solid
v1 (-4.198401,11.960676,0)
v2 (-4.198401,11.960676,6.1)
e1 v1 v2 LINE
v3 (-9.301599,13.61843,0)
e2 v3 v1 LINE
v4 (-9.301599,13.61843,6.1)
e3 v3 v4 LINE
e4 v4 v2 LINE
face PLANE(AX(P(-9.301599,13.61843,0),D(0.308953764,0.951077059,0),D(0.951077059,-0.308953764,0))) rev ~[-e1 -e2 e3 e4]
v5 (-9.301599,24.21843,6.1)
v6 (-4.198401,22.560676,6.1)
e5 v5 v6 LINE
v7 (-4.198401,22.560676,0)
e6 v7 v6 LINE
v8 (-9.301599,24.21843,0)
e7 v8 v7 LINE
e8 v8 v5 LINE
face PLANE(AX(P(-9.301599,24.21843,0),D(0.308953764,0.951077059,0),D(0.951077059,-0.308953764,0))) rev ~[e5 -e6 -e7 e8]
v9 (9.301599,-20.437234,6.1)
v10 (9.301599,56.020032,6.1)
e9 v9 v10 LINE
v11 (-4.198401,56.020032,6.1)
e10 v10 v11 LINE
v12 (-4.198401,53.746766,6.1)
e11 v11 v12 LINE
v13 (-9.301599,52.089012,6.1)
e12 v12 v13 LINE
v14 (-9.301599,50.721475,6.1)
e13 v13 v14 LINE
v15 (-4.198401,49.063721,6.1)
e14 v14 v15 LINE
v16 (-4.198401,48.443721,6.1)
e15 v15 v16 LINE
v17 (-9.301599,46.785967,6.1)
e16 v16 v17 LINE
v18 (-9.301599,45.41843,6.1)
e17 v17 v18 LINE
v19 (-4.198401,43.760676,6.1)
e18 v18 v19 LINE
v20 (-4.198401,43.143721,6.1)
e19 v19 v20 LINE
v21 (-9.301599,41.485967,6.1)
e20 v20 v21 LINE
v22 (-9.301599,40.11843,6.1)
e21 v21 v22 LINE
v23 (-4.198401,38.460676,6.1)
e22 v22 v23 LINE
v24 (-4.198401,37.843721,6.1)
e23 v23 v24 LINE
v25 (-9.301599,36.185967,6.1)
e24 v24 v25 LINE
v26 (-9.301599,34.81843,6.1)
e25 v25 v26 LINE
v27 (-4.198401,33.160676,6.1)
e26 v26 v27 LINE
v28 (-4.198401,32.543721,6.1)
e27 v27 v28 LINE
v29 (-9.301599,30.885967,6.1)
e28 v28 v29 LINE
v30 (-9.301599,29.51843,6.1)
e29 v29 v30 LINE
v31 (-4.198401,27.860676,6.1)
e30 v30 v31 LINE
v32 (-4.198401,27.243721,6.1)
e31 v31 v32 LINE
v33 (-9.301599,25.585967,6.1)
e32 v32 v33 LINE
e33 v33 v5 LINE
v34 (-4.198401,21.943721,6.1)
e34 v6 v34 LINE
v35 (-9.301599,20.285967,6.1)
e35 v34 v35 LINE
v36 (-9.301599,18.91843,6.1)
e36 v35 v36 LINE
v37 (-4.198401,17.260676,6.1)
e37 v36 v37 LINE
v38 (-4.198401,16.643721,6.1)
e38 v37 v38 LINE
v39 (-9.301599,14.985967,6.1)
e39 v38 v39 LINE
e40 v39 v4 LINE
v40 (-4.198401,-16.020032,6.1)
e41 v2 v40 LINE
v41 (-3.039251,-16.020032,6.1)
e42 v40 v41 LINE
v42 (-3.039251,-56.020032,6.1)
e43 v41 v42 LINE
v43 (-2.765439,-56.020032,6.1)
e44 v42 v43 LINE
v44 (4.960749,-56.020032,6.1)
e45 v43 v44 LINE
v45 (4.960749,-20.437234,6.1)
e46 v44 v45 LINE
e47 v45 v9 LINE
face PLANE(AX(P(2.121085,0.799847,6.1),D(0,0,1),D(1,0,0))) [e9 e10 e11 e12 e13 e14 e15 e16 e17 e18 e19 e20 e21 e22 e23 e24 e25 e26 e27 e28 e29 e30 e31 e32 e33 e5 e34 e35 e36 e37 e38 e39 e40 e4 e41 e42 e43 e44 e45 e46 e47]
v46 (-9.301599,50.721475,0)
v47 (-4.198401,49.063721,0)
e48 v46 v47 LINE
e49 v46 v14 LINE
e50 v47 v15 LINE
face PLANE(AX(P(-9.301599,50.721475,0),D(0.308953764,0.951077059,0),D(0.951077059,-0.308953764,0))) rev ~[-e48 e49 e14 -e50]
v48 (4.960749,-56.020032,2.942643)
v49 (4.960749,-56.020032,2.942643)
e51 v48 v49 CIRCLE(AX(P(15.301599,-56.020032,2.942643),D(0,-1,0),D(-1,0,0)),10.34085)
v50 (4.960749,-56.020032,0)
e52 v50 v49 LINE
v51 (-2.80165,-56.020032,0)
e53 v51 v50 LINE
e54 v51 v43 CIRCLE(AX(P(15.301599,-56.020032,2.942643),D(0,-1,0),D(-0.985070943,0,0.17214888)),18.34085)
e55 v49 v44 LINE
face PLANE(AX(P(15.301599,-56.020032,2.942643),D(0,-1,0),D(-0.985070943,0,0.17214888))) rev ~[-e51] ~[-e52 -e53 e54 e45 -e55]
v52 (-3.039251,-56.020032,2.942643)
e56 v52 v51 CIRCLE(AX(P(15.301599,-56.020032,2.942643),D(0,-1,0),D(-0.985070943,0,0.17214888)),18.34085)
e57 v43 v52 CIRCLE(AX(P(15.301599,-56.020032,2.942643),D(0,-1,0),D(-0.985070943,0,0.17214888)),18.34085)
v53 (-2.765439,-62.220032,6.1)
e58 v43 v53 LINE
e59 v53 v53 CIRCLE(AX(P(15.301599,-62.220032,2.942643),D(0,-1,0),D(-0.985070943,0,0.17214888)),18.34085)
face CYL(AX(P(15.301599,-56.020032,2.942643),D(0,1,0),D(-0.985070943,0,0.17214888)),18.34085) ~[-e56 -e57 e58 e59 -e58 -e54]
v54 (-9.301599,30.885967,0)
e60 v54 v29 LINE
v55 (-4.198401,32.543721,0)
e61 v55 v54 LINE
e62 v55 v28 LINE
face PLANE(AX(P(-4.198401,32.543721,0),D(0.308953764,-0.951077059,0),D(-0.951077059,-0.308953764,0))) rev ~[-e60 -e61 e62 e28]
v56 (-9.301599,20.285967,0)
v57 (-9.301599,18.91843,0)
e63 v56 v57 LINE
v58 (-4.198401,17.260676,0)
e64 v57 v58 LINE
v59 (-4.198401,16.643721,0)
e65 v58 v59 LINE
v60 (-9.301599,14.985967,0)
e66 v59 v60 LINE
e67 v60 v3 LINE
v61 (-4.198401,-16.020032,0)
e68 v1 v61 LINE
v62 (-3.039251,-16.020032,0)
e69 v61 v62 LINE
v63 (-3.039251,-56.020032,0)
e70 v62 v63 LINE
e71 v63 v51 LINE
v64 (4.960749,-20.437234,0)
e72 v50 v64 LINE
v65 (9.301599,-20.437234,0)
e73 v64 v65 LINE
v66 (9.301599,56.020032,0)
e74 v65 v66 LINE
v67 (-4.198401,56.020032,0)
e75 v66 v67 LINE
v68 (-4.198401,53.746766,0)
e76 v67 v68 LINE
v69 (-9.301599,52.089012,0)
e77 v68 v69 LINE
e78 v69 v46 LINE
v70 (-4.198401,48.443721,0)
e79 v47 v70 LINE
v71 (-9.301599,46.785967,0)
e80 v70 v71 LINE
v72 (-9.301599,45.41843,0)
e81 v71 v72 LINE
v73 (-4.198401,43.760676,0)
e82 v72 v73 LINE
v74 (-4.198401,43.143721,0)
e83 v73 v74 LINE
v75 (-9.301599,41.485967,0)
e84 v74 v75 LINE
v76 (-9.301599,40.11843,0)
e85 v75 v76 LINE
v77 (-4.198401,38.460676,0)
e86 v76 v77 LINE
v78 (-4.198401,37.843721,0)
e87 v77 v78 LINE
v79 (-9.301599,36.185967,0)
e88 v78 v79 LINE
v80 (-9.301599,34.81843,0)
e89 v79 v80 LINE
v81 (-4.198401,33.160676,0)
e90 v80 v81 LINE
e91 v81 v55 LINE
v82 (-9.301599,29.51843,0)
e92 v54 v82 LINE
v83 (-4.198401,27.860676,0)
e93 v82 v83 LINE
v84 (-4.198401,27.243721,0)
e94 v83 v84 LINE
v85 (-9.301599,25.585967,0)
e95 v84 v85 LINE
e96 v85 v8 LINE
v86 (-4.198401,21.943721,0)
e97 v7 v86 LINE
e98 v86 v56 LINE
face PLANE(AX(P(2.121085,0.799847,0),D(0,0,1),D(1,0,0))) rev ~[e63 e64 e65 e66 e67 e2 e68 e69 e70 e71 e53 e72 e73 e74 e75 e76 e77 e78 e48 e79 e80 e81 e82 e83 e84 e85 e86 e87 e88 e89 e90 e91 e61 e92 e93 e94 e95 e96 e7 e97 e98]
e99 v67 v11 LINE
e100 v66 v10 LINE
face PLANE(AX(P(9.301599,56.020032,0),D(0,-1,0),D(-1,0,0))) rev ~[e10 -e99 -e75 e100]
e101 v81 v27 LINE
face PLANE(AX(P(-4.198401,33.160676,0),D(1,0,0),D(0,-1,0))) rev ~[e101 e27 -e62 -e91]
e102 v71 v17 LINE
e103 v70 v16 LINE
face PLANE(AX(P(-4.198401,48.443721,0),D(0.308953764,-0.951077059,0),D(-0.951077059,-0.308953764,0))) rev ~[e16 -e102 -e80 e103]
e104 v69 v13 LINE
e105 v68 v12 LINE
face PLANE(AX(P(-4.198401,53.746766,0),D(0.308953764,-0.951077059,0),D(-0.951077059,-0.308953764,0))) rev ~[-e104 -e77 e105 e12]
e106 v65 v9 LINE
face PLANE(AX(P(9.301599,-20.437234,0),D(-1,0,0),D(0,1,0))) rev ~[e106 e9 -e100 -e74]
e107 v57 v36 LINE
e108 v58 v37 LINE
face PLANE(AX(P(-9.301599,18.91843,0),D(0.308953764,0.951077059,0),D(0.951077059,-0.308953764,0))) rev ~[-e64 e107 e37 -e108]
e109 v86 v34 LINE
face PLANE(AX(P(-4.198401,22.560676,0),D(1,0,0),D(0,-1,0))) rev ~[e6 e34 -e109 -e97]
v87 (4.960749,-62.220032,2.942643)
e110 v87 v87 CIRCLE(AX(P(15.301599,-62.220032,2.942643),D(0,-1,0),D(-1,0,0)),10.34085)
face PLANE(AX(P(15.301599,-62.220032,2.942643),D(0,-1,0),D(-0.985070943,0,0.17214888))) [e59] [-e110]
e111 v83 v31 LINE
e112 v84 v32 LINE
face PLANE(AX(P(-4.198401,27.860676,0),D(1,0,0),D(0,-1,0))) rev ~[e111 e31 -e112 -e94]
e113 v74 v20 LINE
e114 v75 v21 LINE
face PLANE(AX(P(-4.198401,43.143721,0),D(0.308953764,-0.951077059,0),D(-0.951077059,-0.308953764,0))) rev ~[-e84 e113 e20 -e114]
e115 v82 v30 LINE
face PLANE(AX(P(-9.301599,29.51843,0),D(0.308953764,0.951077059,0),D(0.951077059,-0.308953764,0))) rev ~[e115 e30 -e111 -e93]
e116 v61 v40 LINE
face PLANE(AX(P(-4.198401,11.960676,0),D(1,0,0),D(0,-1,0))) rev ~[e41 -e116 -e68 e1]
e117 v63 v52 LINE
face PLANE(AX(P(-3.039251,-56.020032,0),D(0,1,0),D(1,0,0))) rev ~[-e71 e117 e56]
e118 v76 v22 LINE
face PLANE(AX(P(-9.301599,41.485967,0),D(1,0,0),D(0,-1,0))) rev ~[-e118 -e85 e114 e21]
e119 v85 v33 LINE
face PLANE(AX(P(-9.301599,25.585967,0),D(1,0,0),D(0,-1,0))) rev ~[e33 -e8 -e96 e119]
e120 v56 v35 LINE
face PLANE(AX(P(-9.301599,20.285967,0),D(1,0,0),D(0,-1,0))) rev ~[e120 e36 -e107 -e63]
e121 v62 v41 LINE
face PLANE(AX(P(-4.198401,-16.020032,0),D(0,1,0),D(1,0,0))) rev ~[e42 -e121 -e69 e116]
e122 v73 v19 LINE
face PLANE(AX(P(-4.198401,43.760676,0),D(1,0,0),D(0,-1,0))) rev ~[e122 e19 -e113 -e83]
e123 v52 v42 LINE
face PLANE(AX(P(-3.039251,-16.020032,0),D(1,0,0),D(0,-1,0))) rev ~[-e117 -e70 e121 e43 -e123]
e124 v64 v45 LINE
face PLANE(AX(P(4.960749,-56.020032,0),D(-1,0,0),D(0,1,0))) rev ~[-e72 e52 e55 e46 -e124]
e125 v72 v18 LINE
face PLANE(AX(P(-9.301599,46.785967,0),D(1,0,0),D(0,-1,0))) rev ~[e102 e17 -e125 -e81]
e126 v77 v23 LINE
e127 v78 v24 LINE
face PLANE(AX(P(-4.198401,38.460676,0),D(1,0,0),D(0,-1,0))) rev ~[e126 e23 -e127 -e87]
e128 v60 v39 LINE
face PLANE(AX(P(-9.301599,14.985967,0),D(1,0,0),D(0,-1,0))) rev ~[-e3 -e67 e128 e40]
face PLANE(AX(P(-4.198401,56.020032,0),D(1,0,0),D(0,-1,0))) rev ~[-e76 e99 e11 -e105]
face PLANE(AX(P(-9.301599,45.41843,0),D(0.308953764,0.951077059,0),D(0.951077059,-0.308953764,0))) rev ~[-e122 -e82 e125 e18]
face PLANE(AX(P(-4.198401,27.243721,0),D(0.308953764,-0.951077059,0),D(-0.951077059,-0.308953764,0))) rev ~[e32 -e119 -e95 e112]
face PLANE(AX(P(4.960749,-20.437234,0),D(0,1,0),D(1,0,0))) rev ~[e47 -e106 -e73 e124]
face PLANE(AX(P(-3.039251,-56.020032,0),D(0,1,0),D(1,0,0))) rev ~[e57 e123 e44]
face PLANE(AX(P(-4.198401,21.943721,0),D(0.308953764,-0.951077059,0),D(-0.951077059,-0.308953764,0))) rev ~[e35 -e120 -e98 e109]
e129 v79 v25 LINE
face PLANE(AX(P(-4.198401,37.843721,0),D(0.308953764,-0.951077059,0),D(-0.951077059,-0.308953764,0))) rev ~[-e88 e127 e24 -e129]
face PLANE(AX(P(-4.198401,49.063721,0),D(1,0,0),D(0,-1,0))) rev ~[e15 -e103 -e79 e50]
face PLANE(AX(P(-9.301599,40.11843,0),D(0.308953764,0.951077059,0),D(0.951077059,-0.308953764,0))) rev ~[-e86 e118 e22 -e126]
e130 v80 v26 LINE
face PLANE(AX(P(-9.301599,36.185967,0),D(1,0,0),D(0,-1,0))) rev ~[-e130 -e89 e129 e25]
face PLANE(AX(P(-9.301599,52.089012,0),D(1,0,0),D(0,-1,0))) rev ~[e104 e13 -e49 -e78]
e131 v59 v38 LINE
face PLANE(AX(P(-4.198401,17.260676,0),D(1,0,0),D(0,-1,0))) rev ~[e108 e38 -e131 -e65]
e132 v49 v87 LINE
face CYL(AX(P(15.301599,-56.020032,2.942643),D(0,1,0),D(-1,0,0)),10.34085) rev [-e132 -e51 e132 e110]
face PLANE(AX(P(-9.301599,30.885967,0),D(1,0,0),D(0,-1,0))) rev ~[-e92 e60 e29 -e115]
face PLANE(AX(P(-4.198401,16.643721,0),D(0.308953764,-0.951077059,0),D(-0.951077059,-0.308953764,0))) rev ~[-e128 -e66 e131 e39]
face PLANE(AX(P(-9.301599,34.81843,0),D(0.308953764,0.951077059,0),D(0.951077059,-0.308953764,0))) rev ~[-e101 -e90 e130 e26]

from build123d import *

# Parameters (mm, degrees)
BOSS_EXTRUDE1_DEPTH = 6.1
SKETCH3_R           = 18.340849868
SKETCH3_R_2         = 10.340849868
BOSS_EXTRUDE2_DEPTH = 6.2


with BuildPart() as part:
    # Sketch2 → Boss-Extrude1 (new body)
    with BuildSketch(Plane.XY):
        Polygon((9.301598931, 56.02003156), (-4.198401069, 56.02003156), (-4.198401069, 48.443721), (-4.198401069, -16.02003156), (-3.039250937, -16.02003156), (-3.039250937, -56.02003156), (4.960749063, -56.02003156), (4.960749063, -20.437234175), (9.301598931, -20.437234175), (9.301598931, 48.443721), align=None)
        Polygon((-4.198401069, 49.063721), (-4.198401069, 53.74676634), (-9.301598931, 52.089011931), (-9.301598931, 50.721475409), align=None)
        Polygon((-4.198401069, 43.76067566), (-4.198401069, 48.443721), (-9.301598931, 46.785966591), (-9.301598931, 45.418430069), align=None)
        Polygon((-4.198401069, 38.46067566), (-4.198401069, 43.143721), (-9.301598931, 41.485966591), (-9.301598931, 40.118430069), align=None)
        Polygon((-4.198401069, 33.16067566), (-4.198401069, 37.843721), (-9.301598931, 36.185966591), (-9.301598931, 34.818430069), align=None)
        Polygon((-4.198401069, 27.86067566), (-4.198401069, 32.543721), (-9.301598931, 30.885966591), (-9.301598931, 29.518430069), align=None)
        Polygon((-9.301598931, 24.218430069), (-4.198401069, 22.56067566), (-4.198401069, 27.243721), (-9.301598931, 25.585966591), align=None)
        Polygon((-9.301598931, 18.918430069), (-4.198401069, 17.26067566), (-4.198401069, 21.943721), (-9.301598931, 20.285966591), align=None)
        Polygon((-9.301598931, 13.618430069), (-4.198401069, 11.96067566), (-4.198401069, 16.643721), (-9.301598931, 14.985966591), align=None)
    extrude(amount=BOSS_EXTRUDE1_DEPTH)

    # Sketch3 → Boss-Extrude2 (add)
    with BuildSketch(Plane.XZ.offset(56.02003156)):
        with Locations(Location((15.301598931, 2.942643244, 0), (0, 0, 170.087216978))):
            Circle(SKETCH3_R)
        with Locations(Location((15.301598931, 2.942643244, 0), (0, 0, 180))):
            Circle(SKETCH3_R_2, mode=Mode.SUBTRACT)
    extrude(amount=BOSS_EXTRUDE2_DEPTH)


solid = part.part
